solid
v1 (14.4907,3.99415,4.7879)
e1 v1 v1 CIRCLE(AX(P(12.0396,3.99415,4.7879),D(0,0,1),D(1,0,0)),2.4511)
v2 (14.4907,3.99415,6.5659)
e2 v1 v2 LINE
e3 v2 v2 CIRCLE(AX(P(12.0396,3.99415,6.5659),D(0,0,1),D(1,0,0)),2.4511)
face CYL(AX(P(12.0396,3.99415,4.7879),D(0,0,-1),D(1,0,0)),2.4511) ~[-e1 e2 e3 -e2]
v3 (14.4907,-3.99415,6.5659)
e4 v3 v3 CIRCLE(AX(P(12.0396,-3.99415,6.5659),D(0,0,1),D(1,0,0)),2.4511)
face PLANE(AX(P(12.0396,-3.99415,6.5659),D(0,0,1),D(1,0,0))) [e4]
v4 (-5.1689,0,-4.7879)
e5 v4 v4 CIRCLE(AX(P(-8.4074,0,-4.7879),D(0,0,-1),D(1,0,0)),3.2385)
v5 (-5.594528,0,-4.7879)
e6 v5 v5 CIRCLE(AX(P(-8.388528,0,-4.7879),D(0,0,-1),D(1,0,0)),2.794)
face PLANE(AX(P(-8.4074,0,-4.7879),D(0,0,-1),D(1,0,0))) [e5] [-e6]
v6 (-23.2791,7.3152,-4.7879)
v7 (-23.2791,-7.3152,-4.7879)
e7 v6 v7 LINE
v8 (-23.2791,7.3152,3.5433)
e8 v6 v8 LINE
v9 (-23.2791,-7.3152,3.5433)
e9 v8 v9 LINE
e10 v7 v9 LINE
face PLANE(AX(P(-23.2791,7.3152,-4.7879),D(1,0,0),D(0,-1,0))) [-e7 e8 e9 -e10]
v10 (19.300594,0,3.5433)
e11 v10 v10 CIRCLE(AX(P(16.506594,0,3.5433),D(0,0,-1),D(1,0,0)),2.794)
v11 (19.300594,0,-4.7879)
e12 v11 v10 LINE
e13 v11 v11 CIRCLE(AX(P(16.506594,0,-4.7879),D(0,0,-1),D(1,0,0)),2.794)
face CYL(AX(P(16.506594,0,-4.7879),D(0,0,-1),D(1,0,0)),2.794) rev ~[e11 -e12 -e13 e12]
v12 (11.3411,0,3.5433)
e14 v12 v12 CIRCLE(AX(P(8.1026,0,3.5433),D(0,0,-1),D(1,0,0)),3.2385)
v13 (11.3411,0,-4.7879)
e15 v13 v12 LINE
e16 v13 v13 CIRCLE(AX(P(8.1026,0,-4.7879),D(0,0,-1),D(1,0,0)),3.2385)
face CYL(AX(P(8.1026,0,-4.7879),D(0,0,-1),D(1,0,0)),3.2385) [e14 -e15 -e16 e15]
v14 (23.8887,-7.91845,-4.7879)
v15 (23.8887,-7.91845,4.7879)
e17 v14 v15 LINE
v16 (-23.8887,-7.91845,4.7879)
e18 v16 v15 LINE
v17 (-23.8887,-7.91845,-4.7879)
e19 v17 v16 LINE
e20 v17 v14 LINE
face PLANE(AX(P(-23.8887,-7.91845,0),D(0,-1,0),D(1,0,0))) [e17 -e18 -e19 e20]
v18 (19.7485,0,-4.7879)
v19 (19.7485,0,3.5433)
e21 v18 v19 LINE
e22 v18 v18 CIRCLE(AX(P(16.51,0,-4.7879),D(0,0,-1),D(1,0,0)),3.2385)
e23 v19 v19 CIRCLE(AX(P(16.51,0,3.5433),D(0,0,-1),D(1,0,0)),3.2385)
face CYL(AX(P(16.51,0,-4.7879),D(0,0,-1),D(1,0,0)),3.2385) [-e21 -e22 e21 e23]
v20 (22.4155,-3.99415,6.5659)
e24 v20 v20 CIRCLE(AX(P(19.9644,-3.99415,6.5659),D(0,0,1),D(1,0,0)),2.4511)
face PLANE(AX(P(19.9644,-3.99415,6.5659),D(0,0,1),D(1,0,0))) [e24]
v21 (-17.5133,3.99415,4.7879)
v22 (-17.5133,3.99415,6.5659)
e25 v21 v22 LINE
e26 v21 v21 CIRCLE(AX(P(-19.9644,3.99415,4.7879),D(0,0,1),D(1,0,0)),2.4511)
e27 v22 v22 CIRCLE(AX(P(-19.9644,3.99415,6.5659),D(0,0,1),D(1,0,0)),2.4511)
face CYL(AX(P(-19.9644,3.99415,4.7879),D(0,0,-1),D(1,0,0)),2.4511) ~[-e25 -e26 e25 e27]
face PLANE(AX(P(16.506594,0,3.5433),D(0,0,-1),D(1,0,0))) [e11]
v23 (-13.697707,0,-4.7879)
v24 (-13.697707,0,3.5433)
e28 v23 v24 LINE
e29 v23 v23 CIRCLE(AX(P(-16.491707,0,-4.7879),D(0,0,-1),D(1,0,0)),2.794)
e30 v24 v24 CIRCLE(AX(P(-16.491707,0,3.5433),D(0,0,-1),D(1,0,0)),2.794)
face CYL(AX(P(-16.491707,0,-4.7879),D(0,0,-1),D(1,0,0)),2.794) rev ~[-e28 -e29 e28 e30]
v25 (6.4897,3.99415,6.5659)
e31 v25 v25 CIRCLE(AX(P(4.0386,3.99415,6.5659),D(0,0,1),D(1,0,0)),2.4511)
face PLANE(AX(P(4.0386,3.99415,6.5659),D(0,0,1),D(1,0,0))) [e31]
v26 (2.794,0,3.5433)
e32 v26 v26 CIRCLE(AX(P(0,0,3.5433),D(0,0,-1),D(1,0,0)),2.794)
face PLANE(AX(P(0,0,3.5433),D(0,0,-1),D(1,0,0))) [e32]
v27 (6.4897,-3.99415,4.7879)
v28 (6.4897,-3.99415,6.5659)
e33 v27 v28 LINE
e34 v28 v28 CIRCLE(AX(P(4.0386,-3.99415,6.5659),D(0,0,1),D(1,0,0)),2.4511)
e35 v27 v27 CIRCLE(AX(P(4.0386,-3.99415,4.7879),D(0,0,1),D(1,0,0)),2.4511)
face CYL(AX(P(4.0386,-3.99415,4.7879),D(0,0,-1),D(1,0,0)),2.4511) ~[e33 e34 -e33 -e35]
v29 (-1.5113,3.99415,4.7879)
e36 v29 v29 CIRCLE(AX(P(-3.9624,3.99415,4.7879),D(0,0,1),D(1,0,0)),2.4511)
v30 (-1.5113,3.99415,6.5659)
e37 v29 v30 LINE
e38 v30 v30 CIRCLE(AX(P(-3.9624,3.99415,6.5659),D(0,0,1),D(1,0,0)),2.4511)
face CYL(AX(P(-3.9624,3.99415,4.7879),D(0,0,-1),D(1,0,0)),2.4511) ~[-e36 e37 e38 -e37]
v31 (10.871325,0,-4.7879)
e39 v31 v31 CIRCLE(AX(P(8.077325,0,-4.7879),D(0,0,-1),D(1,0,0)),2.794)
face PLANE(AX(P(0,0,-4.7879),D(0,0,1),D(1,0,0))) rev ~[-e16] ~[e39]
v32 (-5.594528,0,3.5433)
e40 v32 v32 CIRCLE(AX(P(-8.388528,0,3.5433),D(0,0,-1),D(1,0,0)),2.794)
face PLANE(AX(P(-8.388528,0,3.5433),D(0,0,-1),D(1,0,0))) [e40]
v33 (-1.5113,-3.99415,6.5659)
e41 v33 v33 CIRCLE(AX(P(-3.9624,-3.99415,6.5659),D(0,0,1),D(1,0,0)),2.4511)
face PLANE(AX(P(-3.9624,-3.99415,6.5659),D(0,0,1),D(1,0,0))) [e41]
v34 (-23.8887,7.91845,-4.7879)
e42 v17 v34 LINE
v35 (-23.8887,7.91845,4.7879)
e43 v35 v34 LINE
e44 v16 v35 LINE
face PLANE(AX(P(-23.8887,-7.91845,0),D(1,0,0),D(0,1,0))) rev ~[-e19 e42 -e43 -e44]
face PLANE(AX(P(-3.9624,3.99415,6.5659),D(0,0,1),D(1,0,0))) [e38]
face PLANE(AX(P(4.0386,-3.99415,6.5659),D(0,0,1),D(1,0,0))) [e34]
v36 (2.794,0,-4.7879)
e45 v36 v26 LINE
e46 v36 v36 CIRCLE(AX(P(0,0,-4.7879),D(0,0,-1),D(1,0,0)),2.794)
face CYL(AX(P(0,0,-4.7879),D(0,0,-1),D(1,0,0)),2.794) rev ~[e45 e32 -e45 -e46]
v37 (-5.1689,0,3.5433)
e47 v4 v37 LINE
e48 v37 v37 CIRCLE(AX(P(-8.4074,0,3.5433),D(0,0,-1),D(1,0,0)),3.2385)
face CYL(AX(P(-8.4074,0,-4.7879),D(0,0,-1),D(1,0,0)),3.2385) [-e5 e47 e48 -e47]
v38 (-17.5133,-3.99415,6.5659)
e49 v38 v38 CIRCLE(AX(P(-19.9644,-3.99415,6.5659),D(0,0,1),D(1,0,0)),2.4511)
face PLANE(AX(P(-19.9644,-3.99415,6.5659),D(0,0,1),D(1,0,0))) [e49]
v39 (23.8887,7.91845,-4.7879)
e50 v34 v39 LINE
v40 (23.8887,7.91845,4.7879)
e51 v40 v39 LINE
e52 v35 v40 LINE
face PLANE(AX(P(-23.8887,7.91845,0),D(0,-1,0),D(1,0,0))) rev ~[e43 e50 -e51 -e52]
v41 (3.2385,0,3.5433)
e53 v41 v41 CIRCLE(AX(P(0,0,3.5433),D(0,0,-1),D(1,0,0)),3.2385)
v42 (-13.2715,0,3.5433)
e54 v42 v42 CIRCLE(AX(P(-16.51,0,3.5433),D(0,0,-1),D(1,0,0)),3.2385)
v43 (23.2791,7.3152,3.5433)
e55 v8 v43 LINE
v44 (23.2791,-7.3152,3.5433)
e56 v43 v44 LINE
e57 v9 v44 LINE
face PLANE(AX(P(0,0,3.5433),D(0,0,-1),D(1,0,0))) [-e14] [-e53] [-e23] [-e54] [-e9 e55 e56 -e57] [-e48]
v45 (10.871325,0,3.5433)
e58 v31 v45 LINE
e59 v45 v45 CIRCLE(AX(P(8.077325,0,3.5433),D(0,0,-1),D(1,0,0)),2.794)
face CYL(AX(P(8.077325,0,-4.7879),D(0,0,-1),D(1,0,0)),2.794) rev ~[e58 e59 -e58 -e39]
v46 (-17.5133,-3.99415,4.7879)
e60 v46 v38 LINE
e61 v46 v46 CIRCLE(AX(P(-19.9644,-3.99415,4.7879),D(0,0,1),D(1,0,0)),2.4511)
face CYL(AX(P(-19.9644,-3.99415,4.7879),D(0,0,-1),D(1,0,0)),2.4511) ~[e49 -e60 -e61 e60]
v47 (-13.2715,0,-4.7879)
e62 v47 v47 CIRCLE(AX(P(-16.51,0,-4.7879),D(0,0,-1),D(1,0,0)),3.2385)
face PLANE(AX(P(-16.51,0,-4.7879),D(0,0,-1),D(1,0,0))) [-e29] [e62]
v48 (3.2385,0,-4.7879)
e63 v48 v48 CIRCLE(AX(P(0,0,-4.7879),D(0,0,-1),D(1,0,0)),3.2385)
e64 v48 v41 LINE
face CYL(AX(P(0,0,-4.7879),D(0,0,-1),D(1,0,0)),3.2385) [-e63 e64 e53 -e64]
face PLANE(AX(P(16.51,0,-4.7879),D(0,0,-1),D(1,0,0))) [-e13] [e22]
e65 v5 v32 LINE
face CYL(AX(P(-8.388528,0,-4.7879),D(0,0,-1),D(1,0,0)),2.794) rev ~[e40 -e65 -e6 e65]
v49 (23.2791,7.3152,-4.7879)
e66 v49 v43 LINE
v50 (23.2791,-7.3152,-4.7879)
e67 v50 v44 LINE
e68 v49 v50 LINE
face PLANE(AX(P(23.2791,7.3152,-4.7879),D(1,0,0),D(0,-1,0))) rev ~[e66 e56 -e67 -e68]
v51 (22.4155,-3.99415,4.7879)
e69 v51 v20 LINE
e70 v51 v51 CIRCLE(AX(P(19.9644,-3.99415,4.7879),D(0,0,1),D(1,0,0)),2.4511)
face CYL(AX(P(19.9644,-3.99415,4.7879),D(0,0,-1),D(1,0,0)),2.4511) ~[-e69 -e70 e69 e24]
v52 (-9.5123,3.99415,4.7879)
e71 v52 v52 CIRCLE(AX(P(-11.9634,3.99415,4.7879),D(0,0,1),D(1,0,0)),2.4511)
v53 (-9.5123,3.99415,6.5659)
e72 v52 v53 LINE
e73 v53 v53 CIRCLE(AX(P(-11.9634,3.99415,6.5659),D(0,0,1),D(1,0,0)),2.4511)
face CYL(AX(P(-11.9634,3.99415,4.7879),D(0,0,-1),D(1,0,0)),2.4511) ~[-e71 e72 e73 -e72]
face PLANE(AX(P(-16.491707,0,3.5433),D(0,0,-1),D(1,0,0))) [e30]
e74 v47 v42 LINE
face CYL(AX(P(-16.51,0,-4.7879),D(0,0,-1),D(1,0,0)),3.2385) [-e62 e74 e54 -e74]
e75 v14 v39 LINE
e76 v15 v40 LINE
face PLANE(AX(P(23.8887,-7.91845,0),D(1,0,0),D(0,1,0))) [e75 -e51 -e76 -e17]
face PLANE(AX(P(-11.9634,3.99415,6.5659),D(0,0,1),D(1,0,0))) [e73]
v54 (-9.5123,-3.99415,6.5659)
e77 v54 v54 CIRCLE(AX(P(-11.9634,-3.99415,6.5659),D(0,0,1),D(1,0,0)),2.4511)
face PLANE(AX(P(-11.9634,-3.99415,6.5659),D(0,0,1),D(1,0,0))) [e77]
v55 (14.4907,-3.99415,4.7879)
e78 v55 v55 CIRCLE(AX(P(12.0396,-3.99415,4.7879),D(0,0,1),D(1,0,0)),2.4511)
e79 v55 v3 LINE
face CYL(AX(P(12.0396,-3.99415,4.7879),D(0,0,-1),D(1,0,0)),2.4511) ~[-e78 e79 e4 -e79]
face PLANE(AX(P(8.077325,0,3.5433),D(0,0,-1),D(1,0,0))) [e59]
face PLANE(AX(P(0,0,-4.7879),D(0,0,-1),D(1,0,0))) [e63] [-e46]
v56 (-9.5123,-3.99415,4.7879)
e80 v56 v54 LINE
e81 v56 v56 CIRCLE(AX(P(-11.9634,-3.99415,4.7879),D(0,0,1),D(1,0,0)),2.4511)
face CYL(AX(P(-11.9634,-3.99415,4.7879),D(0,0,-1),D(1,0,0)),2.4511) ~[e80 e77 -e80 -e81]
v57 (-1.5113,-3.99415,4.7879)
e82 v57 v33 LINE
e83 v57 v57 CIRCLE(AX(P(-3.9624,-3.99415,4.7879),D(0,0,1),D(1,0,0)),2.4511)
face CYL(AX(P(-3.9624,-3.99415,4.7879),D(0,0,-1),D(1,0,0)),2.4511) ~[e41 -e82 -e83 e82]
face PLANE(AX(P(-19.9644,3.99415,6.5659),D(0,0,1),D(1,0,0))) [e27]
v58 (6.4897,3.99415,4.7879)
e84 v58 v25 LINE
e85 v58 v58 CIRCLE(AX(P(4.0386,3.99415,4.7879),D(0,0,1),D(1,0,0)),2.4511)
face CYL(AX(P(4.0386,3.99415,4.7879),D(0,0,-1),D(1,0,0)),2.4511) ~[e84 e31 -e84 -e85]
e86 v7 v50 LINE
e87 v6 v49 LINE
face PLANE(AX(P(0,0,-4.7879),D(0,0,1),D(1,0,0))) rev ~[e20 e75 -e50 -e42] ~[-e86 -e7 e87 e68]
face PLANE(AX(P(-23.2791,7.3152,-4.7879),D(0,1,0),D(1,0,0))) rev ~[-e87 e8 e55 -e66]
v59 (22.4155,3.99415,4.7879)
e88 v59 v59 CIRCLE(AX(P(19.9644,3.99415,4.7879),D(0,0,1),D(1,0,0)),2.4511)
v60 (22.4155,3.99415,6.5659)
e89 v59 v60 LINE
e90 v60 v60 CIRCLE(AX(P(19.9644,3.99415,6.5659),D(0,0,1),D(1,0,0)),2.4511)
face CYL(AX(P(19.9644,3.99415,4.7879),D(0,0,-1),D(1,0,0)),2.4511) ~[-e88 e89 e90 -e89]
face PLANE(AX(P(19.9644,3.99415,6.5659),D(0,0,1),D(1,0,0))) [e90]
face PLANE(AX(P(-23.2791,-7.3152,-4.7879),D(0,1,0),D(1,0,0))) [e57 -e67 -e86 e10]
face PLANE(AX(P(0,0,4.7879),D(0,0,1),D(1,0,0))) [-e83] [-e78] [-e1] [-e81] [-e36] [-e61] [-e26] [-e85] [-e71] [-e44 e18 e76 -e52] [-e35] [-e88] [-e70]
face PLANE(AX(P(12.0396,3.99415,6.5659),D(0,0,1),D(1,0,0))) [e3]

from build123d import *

# Parameters (mm, degrees)
F0_W      = 47.7774
F0_H      = 15.8369
F1_DEPTH  = 4.7879
F2_R      = 2.4511
F14_DEPTH = 1.778
F3_R      = 2.4511
F15_DEPTH = 1.778
F4_R      = 2.4511
F16_DEPTH = 1.778
F5_R      = 2.4511
F17_DEPTH = 1.778
F6_R      = 2.4511
F18_DEPTH = 1.778
F7_R      = 2.4511
F19_DEPTH = 1.778
F8_R      = 2.4511
F20_DEPTH = 1.778
F9_R      = 2.4511
F21_DEPTH = 1.778
F10_R     = 2.4511
F22_DEPTH = 1.778
F11_R     = 2.4511
F23_DEPTH = 1.778
F12_R     = 2.4511
F24_DEPTH = 1.778
F13_R     = 2.4511
F25_DEPTH = 1.778
F30_W     = 46.5582
F30_H     = 14.6304
F30_R     = 3.2385
F37_DEPTH = 8.3312
F27_R     = 3.2385
F38_DEPTH = 8.3312
F32_R     = 2.794
F39_DEPTH = 8.3312
F28_R     = 3.2385
F40_DEPTH = 8.3312
F29_R     = 3.2385
F41_DEPTH = 8.3312
F31_R     = 3.2385
F42_DEPTH = 8.3312
F33_R     = 2.794
F43_DEPTH = 8.3312
F34_R     = 2.794
F44_DEPTH = 8.3312
F35_R     = 2.794
F45_DEPTH = 8.3312
F36_R     = 2.794
F46_DEPTH = 8.3312


with BuildPart() as f1:
    # F0 (on Top) → F1 (new body, symmetric)
    with BuildSketch(Plane.XY):
        Rectangle(F0_W, F0_H)
    extrude(amount=F1_DEPTH, both=True)

    # F2 (on face) → F14 (join)
    with BuildSketch(Plane.XY.offset(4.7879)):
        with Locations((-19.9644, 3.99415)):
            Circle(F2_R)
    extrude(amount=F14_DEPTH)

    # F3 (on face) → F15 (join)
    with BuildSketch(Plane.XY.offset(4.7879)):
        with Locations((-11.9634, 3.99415)):
            Circle(F3_R)
    extrude(amount=F15_DEPTH)

    # F4 (on face) → F16 (join)
    with BuildSketch(Plane.XY.offset(4.7879)):
        with Locations((-3.9624, 3.99415)):
            Circle(F4_R)
    extrude(amount=F16_DEPTH)

    # F5 (on face) → F17 (join)
    with BuildSketch(Plane.XY.offset(4.7879)):
        with Locations((4.0386, 3.99415)):
            Circle(F5_R)
    extrude(amount=F17_DEPTH)

    # F6 (on face) → F18 (join)
    with BuildSketch(Plane.XY.offset(4.7879)):
        with Locations((12.0396, 3.99415)):
            Circle(F6_R)
    extrude(amount=F18_DEPTH)

    # F7 (on face) → F19 (join)
    with BuildSketch(Plane.XY.offset(4.7879)):
        with Locations((19.9644, 3.99415)):
            Circle(F7_R)
    extrude(amount=F19_DEPTH)

    # F8 (on face) → F20 (join)
    with BuildSketch(Plane.XY.offset(4.7879)):
        with Locations((-19.9644, -3.99415)):
            Circle(F8_R)
    extrude(amount=F20_DEPTH)

    # F9 (on face) → F21 (join)
    with BuildSketch(Plane.XY.offset(4.7879)):
        with Locations((-11.9634, -3.99415)):
            Circle(F9_R)
    extrude(amount=F21_DEPTH)

    # F10 (on face) → F22 (join)
    with BuildSketch(Plane.XY.offset(4.7879)):
        with Locations((-3.9624, -3.99415)):
            Circle(F10_R)
    extrude(amount=F22_DEPTH)

    # F11 (on face) → F23 (join)
    with BuildSketch(Plane.XY.offset(4.7879)):
        with Locations((4.0386, -3.99415)):
            Circle(F11_R)
    extrude(amount=F23_DEPTH)

    # F12 (on face) → F24 (join)
    with BuildSketch(Plane.XY.offset(4.7879)):
        with Locations((12.0396, -3.99415)):
            Circle(F12_R)
    extrude(amount=F24_DEPTH)

    # F13 (on face) → F25 (join)
    with BuildSketch(Plane.XY.offset(4.7879)):
        with Locations((19.9644, -3.99415)):
            Circle(F13_R)
    extrude(amount=F25_DEPTH)

    # F30 (on face) → F37 (cut)
    with BuildSketch(Plane(origin=(0, 0, -4.7879), x_dir=(1, 0, 0), z_dir=(0, 0, -1))):
        Rectangle(F30_W, F30_H)
        with Locations((8.1026, 0)):
            Circle(F30_R, mode=Mode.SUBTRACT)
    extrude(amount=-F37_DEPTH, mode=Mode.SUBTRACT)

    # F27 (on face) → F38 (join)
    with BuildSketch(Plane(origin=(0, 0, -4.7879), x_dir=(1, 0, 0), z_dir=(0, 0, -1))):
        with Locations((-16.51, 0)):
            Circle(F27_R)
    extrude(amount=-F38_DEPTH)

    # F32 (on face) → F39 (cut)
    with BuildSketch(Plane(origin=(0, 0, -4.7879), x_dir=(1, 0, 0), z_dir=(0, 0, -1))):
        with Locations((-16.491707, 0)):
            Circle(F32_R)
    extrude(amount=-F39_DEPTH, mode=Mode.SUBTRACT)

    # F28 (on face) → F40 (join)
    with BuildSketch(Plane(origin=(0, 0, -4.7879), x_dir=(1, 0, 0), z_dir=(0, 0, -1))):
        with Locations((-8.4074, 0)):
            Circle(F28_R)
    extrude(amount=-F40_DEPTH)

    # F29 (on face) → F41 (join)
    with BuildSketch(Plane(origin=(0, 0, -4.7879), x_dir=(1, 0, 0), z_dir=(0, 0, -1))):
        Circle(F29_R)
    extrude(amount=-F41_DEPTH)

    # F31 (on face) → F42 (join)
    with BuildSketch(Plane(origin=(0, 0, -4.7879), x_dir=(1, 0, 0), z_dir=(0, 0, -1))):
        with Locations((16.51, 0)):
            Circle(F31_R)
    extrude(amount=-F42_DEPTH)

    # F33 (on face) → F43 (cut)
    with BuildSketch(Plane(origin=(0, 0, -4.7879), x_dir=(1, 0, 0), z_dir=(0, 0, -1))):
        with Locations((-8.388528, 0)):
            Circle(F33_R)
    extrude(amount=-F43_DEPTH, mode=Mode.SUBTRACT)

    # F34 (on face) → F44 (cut)
    with BuildSketch(Plane(origin=(0, 0, -4.7879), x_dir=(1, 0, 0), z_dir=(0, 0, -1))):
        Circle(F34_R)
    extrude(amount=-F44_DEPTH, mode=Mode.SUBTRACT)

    # F35 (on face) → F45 (cut)
    with BuildSketch(Plane(origin=(0, 0, -4.7879), x_dir=(1, 0, 0), z_dir=(0, 0, -1))):
        with Locations((8.077325, 0)):
            Circle(F35_R)
    extrude(amount=-F45_DEPTH, mode=Mode.SUBTRACT)

    # F36 (on face) → F46 (cut)
    with BuildSketch(Plane(origin=(0, 0, -4.7879), x_dir=(1, 0, 0), z_dir=(0, 0, -1))):
        with Locations((16.506594, 0)):
            Circle(F36_R)
    extrude(amount=-F46_DEPTH, mode=Mode.SUBTRACT)


solid = f1.part
